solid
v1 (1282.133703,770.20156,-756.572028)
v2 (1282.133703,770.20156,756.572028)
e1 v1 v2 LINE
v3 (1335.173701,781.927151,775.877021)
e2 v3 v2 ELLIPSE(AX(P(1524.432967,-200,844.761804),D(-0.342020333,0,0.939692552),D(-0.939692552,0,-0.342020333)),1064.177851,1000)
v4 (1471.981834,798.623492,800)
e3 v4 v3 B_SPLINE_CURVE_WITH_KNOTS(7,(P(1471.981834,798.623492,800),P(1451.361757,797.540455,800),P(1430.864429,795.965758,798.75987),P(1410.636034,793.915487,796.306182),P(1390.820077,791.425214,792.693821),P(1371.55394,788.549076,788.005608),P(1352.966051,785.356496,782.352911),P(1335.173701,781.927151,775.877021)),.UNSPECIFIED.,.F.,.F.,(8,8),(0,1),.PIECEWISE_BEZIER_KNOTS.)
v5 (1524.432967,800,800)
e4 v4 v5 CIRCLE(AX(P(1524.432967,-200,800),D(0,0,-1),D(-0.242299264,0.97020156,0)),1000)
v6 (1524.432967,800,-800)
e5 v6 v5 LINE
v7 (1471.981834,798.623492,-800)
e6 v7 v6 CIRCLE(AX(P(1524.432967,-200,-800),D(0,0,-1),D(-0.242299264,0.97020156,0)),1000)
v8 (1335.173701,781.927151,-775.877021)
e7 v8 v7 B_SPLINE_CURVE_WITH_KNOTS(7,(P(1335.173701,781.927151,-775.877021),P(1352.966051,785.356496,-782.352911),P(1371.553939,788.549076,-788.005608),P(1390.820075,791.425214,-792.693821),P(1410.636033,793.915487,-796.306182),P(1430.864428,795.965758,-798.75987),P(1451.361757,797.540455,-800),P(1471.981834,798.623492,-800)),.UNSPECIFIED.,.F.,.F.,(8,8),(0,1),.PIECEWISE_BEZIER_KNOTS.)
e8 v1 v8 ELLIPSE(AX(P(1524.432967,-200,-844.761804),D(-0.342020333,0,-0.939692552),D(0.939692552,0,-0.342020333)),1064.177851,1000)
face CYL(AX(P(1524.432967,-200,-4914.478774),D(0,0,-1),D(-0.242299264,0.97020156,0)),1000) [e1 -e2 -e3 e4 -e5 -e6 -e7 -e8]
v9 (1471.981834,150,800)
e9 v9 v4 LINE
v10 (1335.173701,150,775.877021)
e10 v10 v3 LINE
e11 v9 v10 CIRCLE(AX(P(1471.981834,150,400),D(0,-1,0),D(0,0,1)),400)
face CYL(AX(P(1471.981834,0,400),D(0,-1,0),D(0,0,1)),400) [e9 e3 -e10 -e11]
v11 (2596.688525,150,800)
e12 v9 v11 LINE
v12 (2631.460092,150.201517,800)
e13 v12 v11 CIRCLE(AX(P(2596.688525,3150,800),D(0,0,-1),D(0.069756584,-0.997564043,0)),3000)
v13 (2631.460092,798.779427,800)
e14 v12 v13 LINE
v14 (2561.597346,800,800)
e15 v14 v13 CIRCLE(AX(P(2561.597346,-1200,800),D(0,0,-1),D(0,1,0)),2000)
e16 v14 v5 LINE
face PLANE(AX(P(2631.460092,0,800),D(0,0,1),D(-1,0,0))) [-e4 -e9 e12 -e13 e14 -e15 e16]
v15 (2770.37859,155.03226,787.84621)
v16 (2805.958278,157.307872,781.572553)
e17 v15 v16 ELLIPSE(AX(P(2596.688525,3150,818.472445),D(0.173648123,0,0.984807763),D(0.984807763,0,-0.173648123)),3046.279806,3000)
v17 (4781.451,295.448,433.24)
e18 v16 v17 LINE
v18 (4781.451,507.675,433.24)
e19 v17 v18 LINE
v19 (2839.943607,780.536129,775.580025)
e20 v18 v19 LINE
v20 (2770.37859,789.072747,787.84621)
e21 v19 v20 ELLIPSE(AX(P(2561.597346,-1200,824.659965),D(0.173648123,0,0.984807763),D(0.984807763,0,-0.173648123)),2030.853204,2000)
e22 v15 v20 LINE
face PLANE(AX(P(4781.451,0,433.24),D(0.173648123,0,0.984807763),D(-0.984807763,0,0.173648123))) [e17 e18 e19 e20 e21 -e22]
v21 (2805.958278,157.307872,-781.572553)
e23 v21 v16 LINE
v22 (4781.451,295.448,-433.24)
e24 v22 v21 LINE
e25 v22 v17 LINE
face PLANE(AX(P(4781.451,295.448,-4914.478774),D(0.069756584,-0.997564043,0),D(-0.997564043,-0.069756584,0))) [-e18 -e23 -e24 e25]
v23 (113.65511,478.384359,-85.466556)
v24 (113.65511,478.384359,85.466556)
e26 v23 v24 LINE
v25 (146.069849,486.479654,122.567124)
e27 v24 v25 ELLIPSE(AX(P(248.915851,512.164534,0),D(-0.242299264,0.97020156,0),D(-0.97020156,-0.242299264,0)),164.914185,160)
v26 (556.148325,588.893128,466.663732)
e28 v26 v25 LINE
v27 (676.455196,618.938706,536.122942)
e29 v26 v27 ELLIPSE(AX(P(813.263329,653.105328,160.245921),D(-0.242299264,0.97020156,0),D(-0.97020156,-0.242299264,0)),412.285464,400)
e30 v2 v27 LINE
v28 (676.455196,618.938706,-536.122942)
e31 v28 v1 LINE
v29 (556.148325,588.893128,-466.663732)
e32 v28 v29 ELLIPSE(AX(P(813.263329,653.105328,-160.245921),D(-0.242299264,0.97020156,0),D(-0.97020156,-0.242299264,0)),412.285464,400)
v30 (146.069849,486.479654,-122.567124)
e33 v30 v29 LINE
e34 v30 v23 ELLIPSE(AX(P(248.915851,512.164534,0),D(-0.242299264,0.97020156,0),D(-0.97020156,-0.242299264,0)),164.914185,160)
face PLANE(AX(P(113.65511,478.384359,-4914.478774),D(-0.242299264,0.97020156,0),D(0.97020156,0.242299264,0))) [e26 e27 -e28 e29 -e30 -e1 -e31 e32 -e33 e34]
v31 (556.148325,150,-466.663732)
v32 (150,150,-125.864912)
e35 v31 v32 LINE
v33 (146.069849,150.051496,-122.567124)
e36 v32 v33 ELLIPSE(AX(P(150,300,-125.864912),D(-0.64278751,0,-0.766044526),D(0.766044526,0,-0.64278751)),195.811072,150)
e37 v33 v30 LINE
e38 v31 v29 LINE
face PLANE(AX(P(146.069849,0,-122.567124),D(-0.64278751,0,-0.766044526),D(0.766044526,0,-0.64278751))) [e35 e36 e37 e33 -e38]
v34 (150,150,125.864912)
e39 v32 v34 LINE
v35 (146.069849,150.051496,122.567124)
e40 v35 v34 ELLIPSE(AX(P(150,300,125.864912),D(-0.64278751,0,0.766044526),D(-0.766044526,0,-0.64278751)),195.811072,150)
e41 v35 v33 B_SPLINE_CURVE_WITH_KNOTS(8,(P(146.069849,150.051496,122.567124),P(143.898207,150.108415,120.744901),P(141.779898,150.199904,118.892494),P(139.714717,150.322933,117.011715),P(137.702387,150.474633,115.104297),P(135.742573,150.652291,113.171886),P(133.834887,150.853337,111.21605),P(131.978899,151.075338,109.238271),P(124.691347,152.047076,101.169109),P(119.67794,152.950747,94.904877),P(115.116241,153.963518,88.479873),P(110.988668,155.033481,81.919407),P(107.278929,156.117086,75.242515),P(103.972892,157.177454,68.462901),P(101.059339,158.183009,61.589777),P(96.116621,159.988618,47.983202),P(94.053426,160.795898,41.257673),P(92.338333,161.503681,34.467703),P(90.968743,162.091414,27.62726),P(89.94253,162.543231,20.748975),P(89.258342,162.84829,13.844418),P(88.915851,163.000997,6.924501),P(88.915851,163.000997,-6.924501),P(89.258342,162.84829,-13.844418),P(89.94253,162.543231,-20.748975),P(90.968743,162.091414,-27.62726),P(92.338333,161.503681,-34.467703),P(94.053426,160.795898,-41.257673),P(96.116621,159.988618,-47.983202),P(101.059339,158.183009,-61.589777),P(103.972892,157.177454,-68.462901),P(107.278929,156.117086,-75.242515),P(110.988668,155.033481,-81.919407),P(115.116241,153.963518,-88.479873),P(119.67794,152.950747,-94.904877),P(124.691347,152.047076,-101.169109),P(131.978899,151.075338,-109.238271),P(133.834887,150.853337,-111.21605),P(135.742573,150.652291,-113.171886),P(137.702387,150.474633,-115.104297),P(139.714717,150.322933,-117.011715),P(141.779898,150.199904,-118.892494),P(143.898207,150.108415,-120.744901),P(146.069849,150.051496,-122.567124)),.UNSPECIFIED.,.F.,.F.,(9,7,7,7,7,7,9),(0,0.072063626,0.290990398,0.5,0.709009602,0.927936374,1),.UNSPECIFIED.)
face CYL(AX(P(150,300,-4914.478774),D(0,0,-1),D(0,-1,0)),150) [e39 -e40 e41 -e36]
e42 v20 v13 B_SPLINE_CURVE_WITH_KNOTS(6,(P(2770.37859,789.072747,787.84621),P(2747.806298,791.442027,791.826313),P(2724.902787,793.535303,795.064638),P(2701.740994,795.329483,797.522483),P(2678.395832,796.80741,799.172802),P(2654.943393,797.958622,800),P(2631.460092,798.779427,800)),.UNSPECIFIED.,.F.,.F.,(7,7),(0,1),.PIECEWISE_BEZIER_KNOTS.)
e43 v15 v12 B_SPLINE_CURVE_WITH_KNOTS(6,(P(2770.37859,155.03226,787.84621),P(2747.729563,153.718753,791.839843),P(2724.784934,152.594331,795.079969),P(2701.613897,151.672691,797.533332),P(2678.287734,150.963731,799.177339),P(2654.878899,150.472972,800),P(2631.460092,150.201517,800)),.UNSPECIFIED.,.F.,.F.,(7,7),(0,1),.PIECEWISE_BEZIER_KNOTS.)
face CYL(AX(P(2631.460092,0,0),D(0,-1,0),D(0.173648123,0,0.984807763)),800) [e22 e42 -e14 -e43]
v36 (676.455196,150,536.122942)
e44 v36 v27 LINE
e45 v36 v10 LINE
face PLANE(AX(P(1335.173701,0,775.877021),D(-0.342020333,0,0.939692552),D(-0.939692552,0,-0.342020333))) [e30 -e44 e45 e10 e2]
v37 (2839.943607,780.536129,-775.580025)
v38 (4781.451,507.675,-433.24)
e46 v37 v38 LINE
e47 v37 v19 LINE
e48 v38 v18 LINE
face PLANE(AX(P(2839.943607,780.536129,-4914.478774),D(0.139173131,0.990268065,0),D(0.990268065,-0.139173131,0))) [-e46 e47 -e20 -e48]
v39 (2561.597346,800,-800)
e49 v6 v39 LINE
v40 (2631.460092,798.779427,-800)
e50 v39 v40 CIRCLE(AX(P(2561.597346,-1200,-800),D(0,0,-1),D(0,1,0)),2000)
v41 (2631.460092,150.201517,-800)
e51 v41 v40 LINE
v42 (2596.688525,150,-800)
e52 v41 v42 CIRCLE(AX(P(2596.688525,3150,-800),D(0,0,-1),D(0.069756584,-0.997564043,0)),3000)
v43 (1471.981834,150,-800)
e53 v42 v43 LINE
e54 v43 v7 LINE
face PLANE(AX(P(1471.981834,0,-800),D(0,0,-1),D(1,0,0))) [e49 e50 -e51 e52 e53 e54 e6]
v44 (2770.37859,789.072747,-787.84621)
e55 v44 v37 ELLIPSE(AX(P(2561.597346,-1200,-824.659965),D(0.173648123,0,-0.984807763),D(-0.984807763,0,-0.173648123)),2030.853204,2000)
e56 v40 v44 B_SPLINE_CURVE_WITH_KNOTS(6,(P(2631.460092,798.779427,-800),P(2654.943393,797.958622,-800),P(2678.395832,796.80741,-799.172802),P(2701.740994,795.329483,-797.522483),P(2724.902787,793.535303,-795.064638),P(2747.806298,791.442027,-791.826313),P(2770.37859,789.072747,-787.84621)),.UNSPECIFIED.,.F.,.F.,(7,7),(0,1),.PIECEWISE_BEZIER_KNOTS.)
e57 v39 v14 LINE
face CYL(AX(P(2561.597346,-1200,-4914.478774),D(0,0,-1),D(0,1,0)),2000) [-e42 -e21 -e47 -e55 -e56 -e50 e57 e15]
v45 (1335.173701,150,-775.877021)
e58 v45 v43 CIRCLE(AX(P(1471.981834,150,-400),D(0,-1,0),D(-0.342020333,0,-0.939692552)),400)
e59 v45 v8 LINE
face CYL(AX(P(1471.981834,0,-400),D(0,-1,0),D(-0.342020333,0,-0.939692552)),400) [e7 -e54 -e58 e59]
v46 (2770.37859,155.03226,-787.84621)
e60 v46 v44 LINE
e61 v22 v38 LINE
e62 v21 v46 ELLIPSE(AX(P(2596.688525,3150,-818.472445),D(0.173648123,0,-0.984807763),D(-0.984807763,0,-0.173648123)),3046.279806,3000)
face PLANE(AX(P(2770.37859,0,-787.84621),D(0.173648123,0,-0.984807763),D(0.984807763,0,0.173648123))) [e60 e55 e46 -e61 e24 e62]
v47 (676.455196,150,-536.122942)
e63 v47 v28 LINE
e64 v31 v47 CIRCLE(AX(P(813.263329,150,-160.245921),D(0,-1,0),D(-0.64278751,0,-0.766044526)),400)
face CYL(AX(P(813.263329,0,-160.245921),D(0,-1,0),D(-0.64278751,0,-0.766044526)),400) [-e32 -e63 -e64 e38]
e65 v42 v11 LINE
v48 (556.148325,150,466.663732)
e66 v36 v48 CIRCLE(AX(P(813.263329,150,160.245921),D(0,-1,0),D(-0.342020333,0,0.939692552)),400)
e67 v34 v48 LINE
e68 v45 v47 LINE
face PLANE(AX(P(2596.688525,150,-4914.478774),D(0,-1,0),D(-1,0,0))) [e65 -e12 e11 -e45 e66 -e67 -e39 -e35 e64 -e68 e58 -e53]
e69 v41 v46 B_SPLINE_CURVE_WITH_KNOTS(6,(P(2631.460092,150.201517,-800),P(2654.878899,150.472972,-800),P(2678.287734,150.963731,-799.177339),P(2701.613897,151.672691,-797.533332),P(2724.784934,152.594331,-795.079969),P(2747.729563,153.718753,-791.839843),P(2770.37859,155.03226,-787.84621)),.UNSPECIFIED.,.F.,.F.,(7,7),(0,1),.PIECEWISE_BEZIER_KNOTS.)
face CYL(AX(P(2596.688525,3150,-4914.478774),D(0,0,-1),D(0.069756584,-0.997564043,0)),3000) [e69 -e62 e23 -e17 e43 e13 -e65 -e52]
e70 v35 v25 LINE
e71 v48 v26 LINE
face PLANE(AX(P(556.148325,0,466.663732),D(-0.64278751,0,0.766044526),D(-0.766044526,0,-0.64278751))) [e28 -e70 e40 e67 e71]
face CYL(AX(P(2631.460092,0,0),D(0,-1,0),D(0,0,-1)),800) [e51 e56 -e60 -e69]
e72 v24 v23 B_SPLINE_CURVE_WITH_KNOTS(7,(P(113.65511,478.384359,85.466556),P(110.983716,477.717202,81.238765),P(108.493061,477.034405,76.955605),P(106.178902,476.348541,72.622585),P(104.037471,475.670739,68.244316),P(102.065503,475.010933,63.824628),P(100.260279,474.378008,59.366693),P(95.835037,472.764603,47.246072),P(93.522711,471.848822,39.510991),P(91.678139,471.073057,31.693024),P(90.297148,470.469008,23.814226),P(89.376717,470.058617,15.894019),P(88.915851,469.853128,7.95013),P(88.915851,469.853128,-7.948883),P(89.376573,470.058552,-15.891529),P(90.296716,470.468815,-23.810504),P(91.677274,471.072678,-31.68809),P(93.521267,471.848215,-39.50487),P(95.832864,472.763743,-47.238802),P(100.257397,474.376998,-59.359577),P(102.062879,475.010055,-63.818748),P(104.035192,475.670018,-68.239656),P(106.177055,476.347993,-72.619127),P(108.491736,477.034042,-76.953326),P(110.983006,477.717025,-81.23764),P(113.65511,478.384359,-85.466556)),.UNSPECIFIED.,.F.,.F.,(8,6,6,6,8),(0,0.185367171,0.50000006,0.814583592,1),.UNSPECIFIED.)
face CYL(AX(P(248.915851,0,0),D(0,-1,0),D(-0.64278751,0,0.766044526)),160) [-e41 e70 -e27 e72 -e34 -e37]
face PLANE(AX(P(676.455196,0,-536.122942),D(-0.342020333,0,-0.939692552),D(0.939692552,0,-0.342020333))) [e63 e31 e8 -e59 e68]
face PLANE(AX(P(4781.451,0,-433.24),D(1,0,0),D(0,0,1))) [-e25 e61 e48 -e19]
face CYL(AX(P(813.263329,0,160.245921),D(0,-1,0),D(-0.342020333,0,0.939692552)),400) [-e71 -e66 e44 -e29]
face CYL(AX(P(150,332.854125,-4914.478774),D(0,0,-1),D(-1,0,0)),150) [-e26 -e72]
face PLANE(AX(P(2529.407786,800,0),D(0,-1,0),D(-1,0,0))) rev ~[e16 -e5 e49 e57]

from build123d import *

# Parameters (mm, degrees)
TOPVIEW_EXTRUDE_DEPTH      = 800
SIDEPROFILE_CUT_DEPTH      = 4914.47877429
SIDEPROFILE_CUT_DEPTH_BACK = 4914.47877429
SKETCH2_OUTSIDE_W          = 5698.923
SKETCH2_OUTSIDE_H          = 1806.388


with BuildPart() as part:
    # Sketch1 → TopView_Extrude (new body)
    with BuildSketch(Plane(origin=(0, 0, 0), x_dir=(1, 0, 0), z_dir=(0, 1, 0))):
        with BuildLine():
            Line((146.069849076, 122.567124227), (556.148324977, 466.663731547))
            ThreePointArc((556.148324977, 466.663731547), (613.263316637, 506.656075273), (676.455195963, 536.122941687))
            Line((676.455195963, 536.122941687), (1335.173700718, 775.877020708))
            ThreePointArc((1335.173700718, 775.877020708), (1402.522523085, 793.923094197), (1471.981833896, 800))
            Line((1471.981833896, 800), (2631.460091708, 800))
            ThreePointArc((2631.460091708, 800), (2701.184663634, 796.955760422), (2770.378589806, 787.846210174))
            Line((2770.378589806, 787.846210174), (4781.451, 433.24))
            Line((4781.451, 433.24), (4781.451, -433.24))
            Line((4781.451, -433.24), (2770.378589806, -787.846210174))
            ThreePointArc((2770.378589806, -787.846210174), (2701.184663634, -796.955760422), (2631.460091708, -800))
            Line((2631.460091708, -800), (1471.981833896, -800))
            ThreePointArc((1471.981833896, -800), (1402.522523085, -793.923094197), (1335.173700718, -775.877020708))
            Line((1335.173700718, -775.877020708), (676.455195963, -536.122941687))
            ThreePointArc((676.455195963, -536.122941687), (613.263316637, -506.656075273), (556.148324977, -466.663731547))
            Line((556.148324977, -466.663731547), (146.069849076, -122.567124227))
            ThreePointArc((146.069849076, -122.567124227), (88.915850742, 0), (146.069849076, 122.567124227))
        make_face()
    extrude(amount=TOPVIEW_EXTRUDE_DEPTH)

    # Sketch2 outside → SideProfile_Cut (cut, two sides: drawn at the far end of the back side and taken through both)
    with BuildSketch(Plane.XY.offset(-SIDEPROFILE_CUT_DEPTH_BACK)):
        with Locations((2435.1835, 400)):
            Rectangle(SKETCH2_OUTSIDE_W, SKETCH2_OUTSIDE_H)
        with BuildLine():
            Line((0, 300), (0, 332.854125267))
            ThreePointArc((0, 332.854125267), (31.780430043, 425.180358155), (113.65511039, 478.384359237))
            Line((113.65511039, 478.384359237), (1282.133703367, 770.201559797))
            ThreePointArc((1282.133703367, 770.201559797), (1402.370605908, 792.522432945), (1524.432967436, 800))
            Line((1524.432967436, 800), (2561.597345878, 800))
            ThreePointArc((2561.597345878, 800), (2701.110323381, 795.128098421), (2839.943607388, 780.536129108))
            Line((2839.943607388, 780.536129108), (4781.451, 507.675))
            Line((4781.451, 507.675), (4781.451, 295.448))
            Line((4781.451, 295.448), (2805.958277636, 157.307872364))
            ThreePointArc((2805.958277636, 157.307872364), (2701.387181329, 151.827524732), (2596.688525433, 150))
            Line((2596.688525433, 150), (150, 150))
            ThreePointArc((150, 150), (43.933982822, 193.933982822), (0, 300))
        make_face(mode=Mode.SUBTRACT)
    extrude(amount=SIDEPROFILE_CUT_DEPTH + SIDEPROFILE_CUT_DEPTH_BACK, mode=Mode.SUBTRACT)


solid = part.part
